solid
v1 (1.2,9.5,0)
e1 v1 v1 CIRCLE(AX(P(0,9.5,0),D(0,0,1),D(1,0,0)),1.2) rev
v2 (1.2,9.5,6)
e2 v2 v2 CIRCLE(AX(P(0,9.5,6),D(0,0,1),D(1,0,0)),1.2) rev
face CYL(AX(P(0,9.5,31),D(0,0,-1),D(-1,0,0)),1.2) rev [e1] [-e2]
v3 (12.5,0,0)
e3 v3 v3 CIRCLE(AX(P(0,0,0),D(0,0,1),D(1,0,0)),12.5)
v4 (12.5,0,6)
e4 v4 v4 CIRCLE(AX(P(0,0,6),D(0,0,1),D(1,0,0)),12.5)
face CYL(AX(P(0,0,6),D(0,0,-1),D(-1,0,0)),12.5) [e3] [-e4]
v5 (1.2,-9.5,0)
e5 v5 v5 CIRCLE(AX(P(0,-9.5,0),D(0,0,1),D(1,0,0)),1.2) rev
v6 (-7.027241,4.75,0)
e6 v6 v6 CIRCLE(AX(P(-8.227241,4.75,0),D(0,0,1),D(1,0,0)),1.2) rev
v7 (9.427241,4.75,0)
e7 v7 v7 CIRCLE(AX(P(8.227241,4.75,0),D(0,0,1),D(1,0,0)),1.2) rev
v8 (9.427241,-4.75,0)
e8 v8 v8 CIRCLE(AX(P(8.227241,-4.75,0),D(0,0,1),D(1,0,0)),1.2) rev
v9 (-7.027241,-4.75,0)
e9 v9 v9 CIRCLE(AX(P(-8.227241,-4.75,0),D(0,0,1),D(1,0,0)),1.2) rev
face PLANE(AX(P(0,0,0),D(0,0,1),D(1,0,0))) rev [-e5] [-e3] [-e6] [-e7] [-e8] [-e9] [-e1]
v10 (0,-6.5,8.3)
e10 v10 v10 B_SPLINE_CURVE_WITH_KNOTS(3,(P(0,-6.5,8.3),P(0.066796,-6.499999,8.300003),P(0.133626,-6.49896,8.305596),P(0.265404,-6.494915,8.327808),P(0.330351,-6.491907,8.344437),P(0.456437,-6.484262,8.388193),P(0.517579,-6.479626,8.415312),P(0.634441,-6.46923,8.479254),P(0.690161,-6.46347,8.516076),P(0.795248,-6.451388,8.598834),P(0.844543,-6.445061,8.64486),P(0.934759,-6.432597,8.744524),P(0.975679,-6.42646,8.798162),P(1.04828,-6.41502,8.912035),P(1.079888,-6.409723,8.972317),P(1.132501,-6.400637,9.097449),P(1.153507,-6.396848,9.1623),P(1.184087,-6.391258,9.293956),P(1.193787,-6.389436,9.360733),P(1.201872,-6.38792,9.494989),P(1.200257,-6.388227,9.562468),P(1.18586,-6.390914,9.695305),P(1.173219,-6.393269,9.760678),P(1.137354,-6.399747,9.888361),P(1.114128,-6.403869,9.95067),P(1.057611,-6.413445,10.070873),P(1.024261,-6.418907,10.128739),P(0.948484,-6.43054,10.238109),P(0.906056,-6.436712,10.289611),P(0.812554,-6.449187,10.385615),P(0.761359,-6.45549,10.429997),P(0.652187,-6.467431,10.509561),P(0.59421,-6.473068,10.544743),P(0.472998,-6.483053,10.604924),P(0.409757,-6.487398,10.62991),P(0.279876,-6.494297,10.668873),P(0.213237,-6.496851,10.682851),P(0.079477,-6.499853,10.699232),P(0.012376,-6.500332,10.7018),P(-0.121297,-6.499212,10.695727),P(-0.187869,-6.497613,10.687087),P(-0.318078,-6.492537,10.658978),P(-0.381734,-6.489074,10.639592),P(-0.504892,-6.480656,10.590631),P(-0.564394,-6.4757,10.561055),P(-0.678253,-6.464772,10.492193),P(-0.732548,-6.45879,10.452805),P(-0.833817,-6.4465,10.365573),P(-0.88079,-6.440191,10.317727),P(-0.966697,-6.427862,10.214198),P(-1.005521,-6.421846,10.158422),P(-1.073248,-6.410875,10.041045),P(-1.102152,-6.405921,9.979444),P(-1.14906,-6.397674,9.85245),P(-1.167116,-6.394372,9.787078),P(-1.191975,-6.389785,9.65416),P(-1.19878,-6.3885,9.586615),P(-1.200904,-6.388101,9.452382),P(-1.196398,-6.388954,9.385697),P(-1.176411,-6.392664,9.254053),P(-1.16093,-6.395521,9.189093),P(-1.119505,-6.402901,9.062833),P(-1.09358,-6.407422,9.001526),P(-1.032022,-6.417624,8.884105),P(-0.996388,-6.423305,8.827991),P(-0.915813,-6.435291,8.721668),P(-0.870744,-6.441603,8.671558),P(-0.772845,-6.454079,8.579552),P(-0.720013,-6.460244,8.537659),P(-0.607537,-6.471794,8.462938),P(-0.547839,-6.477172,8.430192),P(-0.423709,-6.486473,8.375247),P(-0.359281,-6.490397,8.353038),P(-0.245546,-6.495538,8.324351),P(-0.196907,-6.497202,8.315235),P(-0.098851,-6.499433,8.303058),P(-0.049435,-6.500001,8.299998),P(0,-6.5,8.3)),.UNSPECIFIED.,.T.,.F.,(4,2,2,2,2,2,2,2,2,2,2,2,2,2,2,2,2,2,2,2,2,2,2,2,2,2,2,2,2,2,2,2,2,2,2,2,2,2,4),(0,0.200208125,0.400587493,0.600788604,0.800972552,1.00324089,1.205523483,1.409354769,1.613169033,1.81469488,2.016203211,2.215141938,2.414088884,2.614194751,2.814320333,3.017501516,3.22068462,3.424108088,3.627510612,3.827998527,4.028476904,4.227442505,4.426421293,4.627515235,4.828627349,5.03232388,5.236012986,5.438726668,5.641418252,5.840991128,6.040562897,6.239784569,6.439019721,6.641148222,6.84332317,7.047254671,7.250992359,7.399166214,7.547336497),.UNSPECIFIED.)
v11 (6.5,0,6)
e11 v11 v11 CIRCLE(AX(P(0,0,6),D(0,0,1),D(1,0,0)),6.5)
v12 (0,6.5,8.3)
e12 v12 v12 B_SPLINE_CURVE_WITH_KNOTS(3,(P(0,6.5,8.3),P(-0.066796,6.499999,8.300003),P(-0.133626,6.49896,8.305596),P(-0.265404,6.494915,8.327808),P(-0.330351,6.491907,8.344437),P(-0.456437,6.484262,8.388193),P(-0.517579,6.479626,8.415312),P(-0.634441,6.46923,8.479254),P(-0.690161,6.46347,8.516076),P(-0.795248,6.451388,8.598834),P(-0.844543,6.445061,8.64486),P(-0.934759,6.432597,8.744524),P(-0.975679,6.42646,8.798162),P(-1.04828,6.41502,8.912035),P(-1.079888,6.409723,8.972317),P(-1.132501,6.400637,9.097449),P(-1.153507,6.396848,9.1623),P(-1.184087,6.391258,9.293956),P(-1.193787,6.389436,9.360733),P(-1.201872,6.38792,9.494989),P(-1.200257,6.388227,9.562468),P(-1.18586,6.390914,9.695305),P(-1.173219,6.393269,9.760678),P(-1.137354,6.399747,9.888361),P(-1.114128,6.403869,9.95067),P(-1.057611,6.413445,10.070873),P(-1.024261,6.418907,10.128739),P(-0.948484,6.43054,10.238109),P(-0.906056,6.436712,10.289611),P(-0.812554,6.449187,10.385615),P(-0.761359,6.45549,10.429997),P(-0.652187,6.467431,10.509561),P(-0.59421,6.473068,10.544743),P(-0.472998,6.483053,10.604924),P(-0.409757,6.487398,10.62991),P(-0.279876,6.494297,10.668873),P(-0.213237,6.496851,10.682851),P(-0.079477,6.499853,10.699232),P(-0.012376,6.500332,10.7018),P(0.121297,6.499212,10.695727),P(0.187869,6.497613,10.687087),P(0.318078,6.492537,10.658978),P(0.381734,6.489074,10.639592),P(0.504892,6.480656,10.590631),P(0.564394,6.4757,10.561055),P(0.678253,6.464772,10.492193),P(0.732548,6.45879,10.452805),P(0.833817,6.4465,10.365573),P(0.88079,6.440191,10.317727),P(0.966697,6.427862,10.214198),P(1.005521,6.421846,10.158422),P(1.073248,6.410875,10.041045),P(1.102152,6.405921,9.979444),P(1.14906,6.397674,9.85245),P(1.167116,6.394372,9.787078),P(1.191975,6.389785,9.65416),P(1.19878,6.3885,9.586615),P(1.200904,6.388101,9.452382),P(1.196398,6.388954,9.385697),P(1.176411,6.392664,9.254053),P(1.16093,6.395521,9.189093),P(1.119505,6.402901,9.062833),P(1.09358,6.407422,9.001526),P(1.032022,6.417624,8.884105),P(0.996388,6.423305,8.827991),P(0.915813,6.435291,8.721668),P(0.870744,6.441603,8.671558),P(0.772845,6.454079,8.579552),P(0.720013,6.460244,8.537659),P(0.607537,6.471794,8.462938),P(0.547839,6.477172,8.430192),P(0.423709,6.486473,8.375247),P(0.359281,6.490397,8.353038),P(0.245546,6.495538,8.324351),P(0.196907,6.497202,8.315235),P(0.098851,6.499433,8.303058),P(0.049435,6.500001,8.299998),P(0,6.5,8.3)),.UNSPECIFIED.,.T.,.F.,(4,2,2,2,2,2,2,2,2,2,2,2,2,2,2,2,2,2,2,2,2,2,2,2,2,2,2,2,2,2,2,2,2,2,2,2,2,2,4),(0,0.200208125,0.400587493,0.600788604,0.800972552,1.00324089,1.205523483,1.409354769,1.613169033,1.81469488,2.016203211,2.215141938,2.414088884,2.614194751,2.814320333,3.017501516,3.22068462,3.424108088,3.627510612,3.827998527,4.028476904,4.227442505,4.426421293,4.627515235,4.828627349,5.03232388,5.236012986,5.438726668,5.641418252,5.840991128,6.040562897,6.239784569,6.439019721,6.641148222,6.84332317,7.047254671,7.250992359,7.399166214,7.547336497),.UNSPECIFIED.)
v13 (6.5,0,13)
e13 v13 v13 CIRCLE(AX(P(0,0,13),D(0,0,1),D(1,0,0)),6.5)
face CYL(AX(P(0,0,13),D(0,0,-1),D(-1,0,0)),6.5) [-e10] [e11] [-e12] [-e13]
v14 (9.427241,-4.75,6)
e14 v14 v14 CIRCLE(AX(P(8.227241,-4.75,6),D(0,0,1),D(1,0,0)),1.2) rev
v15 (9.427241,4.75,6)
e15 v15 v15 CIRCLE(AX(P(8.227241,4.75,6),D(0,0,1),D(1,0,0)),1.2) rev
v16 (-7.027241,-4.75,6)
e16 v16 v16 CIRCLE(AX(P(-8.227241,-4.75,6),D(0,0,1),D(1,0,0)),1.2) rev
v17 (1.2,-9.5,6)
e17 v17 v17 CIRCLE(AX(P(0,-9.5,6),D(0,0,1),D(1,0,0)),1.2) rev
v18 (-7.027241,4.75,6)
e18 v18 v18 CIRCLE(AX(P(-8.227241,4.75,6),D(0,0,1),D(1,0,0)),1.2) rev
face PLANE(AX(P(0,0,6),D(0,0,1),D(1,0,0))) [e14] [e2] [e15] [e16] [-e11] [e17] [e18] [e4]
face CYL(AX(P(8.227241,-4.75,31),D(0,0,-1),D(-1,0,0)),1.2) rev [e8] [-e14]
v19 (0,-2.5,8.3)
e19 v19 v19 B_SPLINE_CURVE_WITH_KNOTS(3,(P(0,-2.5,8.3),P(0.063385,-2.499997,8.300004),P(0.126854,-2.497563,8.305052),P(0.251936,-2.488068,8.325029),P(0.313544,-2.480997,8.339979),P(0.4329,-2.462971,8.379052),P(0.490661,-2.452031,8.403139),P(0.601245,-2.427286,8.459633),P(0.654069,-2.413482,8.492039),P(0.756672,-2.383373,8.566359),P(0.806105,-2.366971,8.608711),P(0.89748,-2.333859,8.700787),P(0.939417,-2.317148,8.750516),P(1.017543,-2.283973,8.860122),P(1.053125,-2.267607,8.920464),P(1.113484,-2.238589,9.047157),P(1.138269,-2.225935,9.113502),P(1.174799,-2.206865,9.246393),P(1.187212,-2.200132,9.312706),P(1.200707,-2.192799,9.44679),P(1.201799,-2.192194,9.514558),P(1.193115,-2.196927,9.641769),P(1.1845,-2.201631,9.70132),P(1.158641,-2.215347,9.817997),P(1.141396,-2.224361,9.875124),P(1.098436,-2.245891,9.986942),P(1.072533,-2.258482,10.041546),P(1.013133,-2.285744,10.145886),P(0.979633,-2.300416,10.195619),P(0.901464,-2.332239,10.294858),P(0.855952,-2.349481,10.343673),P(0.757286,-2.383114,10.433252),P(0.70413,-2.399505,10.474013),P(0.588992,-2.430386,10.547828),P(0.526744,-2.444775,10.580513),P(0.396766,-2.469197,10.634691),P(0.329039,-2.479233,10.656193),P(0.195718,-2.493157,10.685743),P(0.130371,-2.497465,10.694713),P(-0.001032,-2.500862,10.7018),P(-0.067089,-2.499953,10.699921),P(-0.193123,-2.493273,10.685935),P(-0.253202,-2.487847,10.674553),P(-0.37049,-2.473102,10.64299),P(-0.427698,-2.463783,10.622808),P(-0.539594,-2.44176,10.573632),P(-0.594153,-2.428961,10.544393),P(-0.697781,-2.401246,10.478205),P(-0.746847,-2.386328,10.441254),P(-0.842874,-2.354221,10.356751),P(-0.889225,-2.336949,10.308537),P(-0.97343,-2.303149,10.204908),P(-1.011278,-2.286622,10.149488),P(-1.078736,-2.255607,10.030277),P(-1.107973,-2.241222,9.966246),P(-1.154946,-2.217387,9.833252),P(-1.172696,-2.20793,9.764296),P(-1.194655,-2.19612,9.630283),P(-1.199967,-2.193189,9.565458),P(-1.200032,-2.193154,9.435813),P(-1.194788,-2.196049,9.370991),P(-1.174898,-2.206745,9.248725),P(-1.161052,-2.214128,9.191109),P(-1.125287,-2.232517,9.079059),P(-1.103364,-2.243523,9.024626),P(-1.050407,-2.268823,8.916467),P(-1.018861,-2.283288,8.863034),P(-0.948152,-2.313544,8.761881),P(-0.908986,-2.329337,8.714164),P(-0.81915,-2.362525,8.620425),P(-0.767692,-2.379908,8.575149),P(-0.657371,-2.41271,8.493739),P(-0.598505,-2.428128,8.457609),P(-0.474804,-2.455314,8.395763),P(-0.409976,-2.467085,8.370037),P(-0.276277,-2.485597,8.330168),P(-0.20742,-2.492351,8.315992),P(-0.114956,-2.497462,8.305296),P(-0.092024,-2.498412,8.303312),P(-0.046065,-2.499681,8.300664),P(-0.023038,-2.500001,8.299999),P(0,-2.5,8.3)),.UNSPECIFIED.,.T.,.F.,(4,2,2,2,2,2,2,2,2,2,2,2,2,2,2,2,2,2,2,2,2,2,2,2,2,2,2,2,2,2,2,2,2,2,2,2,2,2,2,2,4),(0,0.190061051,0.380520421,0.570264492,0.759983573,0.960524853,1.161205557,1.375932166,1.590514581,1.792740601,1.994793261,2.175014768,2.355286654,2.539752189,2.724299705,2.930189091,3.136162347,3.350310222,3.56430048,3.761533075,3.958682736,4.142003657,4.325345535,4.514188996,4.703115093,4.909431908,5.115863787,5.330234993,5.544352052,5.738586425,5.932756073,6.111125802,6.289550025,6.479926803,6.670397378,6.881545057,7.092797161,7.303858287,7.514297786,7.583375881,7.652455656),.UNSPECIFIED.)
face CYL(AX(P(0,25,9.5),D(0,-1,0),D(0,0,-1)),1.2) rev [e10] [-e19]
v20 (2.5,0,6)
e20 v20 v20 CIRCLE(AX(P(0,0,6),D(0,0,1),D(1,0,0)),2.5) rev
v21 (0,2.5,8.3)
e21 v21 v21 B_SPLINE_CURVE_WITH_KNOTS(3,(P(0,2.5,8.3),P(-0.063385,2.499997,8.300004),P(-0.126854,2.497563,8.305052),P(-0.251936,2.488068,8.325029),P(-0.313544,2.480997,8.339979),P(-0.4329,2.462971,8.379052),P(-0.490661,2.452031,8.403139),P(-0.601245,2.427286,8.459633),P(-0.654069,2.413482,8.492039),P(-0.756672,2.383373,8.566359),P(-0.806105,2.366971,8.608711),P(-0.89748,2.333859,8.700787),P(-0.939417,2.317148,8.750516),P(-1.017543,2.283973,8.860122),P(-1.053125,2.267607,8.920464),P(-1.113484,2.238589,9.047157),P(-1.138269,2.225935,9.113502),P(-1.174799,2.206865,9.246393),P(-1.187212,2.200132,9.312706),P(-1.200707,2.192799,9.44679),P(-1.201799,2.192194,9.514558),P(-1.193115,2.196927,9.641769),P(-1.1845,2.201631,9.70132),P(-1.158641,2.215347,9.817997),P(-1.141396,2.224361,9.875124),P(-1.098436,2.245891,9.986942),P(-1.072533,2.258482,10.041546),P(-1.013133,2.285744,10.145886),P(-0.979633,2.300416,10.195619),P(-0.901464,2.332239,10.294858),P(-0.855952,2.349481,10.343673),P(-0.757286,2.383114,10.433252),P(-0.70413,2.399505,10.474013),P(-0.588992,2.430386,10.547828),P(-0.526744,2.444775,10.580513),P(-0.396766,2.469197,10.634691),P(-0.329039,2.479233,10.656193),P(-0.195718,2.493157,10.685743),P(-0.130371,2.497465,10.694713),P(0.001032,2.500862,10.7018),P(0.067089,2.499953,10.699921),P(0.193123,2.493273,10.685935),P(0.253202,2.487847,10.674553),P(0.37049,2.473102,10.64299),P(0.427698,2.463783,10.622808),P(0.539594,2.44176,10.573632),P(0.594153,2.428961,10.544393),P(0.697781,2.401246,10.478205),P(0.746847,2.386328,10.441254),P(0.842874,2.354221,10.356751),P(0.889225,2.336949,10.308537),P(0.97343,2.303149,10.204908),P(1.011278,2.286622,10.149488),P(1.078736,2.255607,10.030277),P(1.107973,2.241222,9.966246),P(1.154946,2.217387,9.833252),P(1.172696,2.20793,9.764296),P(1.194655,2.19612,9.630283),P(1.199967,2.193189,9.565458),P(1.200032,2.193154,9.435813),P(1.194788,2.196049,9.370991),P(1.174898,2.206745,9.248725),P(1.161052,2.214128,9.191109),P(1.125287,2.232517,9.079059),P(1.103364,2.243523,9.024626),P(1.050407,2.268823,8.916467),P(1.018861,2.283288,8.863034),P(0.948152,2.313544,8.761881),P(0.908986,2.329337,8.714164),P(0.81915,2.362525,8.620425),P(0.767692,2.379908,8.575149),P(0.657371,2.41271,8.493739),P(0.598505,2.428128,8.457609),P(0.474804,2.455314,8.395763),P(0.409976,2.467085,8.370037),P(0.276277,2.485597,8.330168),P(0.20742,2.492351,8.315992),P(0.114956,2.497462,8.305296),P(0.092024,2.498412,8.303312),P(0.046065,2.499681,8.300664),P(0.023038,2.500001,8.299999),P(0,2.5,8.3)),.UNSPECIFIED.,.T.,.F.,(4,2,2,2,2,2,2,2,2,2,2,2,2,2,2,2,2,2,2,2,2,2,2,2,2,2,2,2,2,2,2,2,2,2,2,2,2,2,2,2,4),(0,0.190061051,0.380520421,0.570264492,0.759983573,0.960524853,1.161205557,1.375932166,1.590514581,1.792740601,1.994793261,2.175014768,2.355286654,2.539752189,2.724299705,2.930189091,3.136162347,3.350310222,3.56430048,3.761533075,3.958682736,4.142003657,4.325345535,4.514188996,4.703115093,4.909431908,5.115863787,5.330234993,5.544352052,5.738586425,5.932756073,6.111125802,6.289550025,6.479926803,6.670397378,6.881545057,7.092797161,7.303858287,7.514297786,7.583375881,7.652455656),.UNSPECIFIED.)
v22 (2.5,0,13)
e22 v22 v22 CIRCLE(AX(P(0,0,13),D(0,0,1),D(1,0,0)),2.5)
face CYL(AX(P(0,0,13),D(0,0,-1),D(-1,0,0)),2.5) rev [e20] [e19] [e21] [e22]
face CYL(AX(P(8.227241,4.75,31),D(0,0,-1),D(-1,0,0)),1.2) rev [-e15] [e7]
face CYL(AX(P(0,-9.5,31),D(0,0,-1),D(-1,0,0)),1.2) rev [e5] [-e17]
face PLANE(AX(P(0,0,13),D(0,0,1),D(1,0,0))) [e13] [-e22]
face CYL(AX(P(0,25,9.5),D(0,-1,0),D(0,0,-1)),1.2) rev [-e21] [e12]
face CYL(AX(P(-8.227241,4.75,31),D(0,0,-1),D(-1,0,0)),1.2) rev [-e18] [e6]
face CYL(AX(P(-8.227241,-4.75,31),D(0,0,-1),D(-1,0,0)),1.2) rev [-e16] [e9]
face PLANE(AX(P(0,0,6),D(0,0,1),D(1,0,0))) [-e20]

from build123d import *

# Parameters (mm, degrees)
SKETCH2_R               = 12.5
BOSS_EXTRUDE1_DEPTH     = 6
SKETCH3_R               = 6.5
SKETCH3_R_2             = 2.5
BOSS_EXTRUDE2_DEPTH     = 7
CUT_EXTRUDE1_DEPTH      = 25
CUT_EXTRUDE1_DEPTH_BACK = 25
SKETCH4_R               = 1.2
SKETCH5_R               = 1.2
CUT_EXTRUDE2_DEPTH      = 25
CIRPATTERN1_COUNT       = 6


with BuildPart() as part:
    # Sketch2 → Boss-Extrude1 (new body)
    with BuildSketch(Plane.XY):
        Circle(SKETCH2_R)
    extrude(amount=BOSS_EXTRUDE1_DEPTH)

    # Sketch3 → Boss-Extrude2 (add)
    with BuildSketch(Plane.XY.offset(6)):
        Circle(SKETCH3_R)
        Circle(SKETCH3_R_2, mode=Mode.SUBTRACT)
    extrude(amount=BOSS_EXTRUDE2_DEPTH)

    # Sketch4 → Cut-Extrude1 (cut, two sides: drawn at the far end of the back side and taken through both)
    with BuildSketch(Plane(origin=(0, 0, 0), x_dir=(1, 0, 0), z_dir=(0, 1, 0)).offset(-CUT_EXTRUDE1_DEPTH_BACK)):
        with Locations((0, -9.5)):
            Circle(SKETCH4_R)
    extrude(amount=CUT_EXTRUDE1_DEPTH + CUT_EXTRUDE1_DEPTH_BACK, mode=Mode.SUBTRACT)

    # Sketch5 → Cut-Extrude2 (cut, symmetric)
    with BuildSketch(Plane.XY.offset(6)):
        with Locations((0, 9.5)):
            Circle(SKETCH5_R)
    cut_extrude2 = extrude(amount=CUT_EXTRUDE2_DEPTH, both=True, mode=Mode.SUBTRACT)

    # CirPattern1: Cut-Extrude2 ×6 about axis
    cirpattern1_axis = Axis((0, 0, -0.6), (0, 0, 1))
    for i in range(1, CIRPATTERN1_COUNT):
        add(cut_extrude2.rotate(cirpattern1_axis, i * 360 / CIRPATTERN1_COUNT), mode=Mode.SUBTRACT)


solid = part.part
